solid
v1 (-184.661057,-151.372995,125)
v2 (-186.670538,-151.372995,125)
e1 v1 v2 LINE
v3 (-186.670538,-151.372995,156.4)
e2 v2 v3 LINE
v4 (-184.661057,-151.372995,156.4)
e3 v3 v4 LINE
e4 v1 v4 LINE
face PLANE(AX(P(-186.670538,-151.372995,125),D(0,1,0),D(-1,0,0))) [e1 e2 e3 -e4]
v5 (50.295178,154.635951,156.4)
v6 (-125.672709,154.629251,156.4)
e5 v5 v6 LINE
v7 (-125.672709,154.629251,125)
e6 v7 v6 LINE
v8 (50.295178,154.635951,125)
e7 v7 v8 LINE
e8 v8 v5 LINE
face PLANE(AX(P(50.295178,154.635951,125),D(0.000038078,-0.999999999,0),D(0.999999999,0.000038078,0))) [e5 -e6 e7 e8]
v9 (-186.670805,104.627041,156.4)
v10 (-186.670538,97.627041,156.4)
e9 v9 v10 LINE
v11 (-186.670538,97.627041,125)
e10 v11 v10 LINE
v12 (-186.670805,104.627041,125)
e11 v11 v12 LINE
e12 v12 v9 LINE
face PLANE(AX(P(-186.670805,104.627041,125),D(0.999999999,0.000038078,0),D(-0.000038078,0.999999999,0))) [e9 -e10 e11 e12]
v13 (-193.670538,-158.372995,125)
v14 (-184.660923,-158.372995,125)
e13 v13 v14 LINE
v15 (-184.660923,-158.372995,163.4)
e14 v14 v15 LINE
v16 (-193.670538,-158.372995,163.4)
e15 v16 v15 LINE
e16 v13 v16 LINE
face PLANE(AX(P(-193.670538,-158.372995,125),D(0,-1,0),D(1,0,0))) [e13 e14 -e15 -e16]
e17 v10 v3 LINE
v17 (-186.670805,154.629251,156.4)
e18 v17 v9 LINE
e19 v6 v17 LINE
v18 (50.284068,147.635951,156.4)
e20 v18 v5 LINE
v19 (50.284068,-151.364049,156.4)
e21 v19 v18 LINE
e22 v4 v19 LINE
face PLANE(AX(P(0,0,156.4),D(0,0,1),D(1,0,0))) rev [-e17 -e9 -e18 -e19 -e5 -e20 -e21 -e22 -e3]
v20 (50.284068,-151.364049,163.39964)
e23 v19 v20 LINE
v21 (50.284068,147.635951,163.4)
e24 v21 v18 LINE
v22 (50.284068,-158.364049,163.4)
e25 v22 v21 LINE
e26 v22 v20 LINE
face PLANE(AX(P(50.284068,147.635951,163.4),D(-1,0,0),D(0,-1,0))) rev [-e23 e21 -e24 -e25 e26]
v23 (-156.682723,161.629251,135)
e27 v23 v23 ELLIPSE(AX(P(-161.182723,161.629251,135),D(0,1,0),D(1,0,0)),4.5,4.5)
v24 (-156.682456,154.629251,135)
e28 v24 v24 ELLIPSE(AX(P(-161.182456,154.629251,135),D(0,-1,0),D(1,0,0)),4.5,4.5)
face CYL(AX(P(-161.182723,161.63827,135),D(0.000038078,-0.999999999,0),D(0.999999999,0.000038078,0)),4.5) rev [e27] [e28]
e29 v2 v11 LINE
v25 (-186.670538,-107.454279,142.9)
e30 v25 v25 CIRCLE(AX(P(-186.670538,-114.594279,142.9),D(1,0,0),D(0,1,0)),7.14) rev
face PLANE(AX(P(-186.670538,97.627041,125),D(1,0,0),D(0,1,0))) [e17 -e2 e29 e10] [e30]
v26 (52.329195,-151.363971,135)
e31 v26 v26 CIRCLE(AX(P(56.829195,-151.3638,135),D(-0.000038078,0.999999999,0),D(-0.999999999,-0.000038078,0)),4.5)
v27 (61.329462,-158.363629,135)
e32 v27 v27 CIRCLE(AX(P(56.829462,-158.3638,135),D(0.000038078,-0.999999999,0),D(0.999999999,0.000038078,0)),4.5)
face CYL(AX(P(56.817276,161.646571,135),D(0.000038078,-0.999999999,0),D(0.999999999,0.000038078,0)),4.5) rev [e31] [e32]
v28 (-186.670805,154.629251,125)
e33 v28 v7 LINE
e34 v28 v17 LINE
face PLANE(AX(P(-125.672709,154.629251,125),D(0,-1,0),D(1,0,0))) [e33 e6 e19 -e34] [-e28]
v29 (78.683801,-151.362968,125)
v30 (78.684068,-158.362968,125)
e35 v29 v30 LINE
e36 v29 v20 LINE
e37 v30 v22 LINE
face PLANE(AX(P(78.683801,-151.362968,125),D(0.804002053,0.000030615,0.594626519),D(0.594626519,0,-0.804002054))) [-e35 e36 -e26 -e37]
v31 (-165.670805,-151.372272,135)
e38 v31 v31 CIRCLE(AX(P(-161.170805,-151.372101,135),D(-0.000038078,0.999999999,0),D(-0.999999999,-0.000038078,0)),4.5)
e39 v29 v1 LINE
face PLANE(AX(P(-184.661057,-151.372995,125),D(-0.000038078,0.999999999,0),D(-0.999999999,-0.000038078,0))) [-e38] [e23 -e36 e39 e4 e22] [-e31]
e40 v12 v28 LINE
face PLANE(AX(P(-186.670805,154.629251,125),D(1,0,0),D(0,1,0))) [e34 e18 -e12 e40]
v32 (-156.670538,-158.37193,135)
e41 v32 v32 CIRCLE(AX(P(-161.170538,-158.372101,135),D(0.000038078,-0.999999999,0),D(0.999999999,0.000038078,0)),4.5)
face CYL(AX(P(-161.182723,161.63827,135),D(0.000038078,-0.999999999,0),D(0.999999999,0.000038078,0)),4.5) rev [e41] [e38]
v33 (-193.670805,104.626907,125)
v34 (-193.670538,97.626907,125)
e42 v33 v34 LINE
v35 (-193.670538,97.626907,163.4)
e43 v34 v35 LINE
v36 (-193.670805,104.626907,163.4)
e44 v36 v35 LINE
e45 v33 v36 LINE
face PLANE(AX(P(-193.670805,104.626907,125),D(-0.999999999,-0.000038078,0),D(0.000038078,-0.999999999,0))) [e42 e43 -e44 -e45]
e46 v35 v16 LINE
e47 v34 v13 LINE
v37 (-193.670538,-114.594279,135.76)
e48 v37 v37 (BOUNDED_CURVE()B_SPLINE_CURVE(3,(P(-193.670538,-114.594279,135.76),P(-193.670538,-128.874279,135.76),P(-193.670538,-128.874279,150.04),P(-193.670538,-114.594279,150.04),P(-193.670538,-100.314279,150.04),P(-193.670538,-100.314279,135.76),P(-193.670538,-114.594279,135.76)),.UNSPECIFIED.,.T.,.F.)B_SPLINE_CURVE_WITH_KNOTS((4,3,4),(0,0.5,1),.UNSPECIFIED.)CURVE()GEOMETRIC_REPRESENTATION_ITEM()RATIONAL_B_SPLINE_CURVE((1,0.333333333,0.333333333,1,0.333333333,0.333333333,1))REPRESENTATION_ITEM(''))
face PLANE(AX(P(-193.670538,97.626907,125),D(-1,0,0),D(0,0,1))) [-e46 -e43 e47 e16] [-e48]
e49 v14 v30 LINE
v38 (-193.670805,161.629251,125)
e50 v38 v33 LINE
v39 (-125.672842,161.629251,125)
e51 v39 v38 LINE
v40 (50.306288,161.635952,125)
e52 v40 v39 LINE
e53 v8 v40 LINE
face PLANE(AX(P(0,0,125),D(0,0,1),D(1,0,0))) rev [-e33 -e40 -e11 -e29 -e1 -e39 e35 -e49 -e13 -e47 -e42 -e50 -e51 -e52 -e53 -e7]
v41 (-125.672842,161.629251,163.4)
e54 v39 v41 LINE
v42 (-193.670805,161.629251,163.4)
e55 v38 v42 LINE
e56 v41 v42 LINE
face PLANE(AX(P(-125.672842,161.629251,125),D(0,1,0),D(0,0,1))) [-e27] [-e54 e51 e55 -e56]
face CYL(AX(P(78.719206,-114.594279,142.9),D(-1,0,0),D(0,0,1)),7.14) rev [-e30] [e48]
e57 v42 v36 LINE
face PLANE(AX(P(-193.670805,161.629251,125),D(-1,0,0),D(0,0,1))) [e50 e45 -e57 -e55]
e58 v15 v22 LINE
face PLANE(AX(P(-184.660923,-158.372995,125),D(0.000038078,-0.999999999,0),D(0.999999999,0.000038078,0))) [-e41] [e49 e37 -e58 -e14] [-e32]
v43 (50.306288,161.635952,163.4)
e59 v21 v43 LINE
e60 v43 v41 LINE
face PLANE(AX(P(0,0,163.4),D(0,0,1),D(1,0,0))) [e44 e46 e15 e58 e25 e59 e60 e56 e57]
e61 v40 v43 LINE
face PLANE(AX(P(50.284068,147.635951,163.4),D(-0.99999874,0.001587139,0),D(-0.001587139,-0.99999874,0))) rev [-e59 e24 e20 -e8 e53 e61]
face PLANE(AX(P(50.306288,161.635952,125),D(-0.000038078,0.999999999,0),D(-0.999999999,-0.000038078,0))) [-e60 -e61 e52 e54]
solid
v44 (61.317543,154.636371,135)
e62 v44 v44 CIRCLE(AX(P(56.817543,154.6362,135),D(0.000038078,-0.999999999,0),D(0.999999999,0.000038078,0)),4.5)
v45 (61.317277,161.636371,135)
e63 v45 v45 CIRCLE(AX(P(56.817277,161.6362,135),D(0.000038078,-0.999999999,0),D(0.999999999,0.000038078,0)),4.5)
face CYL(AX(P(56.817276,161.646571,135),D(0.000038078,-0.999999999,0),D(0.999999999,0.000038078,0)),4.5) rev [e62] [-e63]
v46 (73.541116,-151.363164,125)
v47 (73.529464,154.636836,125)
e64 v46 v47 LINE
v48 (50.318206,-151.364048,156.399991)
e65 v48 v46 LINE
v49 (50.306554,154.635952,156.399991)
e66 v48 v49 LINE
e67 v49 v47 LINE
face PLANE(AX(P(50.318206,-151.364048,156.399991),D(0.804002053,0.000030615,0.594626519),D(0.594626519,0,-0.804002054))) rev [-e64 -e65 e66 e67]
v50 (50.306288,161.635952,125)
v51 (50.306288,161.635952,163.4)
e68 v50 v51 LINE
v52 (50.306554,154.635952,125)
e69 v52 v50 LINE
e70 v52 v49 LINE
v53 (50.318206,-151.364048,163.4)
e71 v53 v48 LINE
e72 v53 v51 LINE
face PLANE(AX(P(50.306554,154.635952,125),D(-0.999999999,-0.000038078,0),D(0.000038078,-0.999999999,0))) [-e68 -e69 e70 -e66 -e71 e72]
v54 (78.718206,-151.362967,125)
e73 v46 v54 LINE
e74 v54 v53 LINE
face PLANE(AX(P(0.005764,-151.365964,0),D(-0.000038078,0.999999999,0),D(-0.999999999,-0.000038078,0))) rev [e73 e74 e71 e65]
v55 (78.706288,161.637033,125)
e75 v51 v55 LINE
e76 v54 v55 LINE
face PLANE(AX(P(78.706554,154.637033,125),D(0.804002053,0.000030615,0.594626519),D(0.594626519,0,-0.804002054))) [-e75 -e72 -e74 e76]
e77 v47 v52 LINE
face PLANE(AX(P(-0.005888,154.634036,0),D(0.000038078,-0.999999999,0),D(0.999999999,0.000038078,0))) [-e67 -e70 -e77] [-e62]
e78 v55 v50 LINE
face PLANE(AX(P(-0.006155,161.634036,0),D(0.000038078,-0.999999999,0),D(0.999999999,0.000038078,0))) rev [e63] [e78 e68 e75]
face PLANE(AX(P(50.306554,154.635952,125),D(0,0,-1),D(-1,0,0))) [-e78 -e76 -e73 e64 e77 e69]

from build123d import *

# Parameters (mm, degrees)
BOSS_EXTRUDE1_DEPTH  = 7
BOSS_EXTRUDE2_DEPTH  = 38.4
BOSS_EXTRUDE3_DEPTH  = 7
BOSS_EXTRUDE4_DEPTH  = 7
BOSS_EXTRUDE13_DEPTH = 306
CUT_EXTRUDE1_DEPTH   = 7
SKETCH7_R            = 4.5
CUT_EXTRUDE2_DEPTH   = 321.010371483


with BuildPart() as part:
    # Sketch1 → Boss-Extrude1 (new body)
    with BuildSketch(Plane.XY.offset(156.4)):
        Polygon((-125.672708569, 154.629250989), (48.327291305, 154.635876502), (50.295177711, 154.635951434), (50.284067725, 147.635951006), (50.284067725, -151.364049211), (-184.661056762, -151.372995372), (-186.670538102, -151.372995372), (-186.670538102, 97.627040708), (-186.670804646, 104.627040714), (-186.670804646, 154.629250989), align=None)
    extrude(amount=BOSS_EXTRUDE1_DEPTH)

    # Sketch2 → Boss-Extrude2 (add)
    with BuildSketch(Plane.XY.offset(163.4)):
        Polygon((-125.67284184, 161.629250989), (-193.670804646, 161.629250989), (-193.670804646, 104.626907443), (-193.670538102, 97.626907437), (-193.670538102, -158.372995372), (-184.660923425, -158.372995372), (50.284067725, -158.364049216), (50.284067725, -151.364049211), (-184.661056762, -151.372995372), (-186.670538102, -151.372995372), (-186.670538102, 97.627040708), (-186.670804646, 104.627040714), (-186.670804646, 154.629250989), (-125.672708569, 154.629250989), (50.295177711, 154.635951434), (50.306287696, 161.635951862), align=None)
    extrude(amount=-BOSS_EXTRUDE2_DEPTH)

    # Sketch4 → Boss-Extrude4 (add)
    with BuildSketch(Plane(origin=(0.006030205, -158.365963686, 0), x_dir=(0.999999999, 3.8078e-05, 0), z_dir=(3.8078e-05, -0.999999999, 0))):
        Polygon((50.278037556, 125), (50.278037556, 163.4), (78.678037556, 125), align=None)
    extrude(amount=-BOSS_EXTRUDE4_DEPTH)

    # Sketch6 → Cut-Extrude1 (cut)
    with BuildSketch(Plane.ZY.offset(193.670538102)):
        with BuildLine():
            add(Edge.make_bspline(
                [(135.76, -114.594279246), (135.76, -128.874279236), (150.04, -128.874279236), (150.04, -114.594279246), (150.04, -100.314279257), (135.76, -100.314279257), (135.76, -114.594279246)],
                knots=[0, 0, 0, 0, 0.5, 0.5, 0.5, 1, 1, 1, 1], degree=3, weights=[1, 0.333333333, 0.333333333, 1, 0.333333333, 0.333333333, 1]))
        make_face()
    extrude(amount=-CUT_EXTRUDE1_DEPTH, mode=Mode.SUBTRACT)


with BuildPart() as body_2:
    # Sketch3 → Boss-Extrude3 (new body)
    with BuildSketch(Plane(origin=(-0.006154646, 161.634036082, 0), x_dir=(0.999999999, 3.8078e-05, 0), z_dir=(-3.8078e-05, 0.999999999, 0))):
        Polygon((50.312442379, -125), (50.312442379, -163.4), (78.712442379, -125), align=None)
    extrude(amount=-BOSS_EXTRUDE3_DEPTH)

    # Sketch5 → Boss-Extrude13 (add)
    with BuildSketch(Plane(origin=(-0.005888102, 154.634036087, 0), x_dir=(0.999999999, 3.8078e-05, 0), z_dir=(3.8078e-05, -0.999999999, 0))):
        Polygon((50.312442379, 163.4), (78.712442379, 125), (73.535352208, 125), (50.312442379, 156.399990755), align=None)
    extrude(amount=BOSS_EXTRUDE13_DEPTH)


with BuildPart() as cut_extrude2_tool:
    # Sketch7 → Cut-Extrude2 (new body, through all)
    with BuildSketch(Plane(origin=(0.006030205, -158.365963686, 0), x_dir=(0.999999999, 3.8078e-05, 0), z_dir=(3.8078e-05, -0.999999999, 0))):
        with Locations((-161.176568435, 135)):
            Circle(SKETCH7_R)
        with Locations((56.823431565, 135)):
            Circle(SKETCH7_R)
    extrude(amount=-CUT_EXTRUDE2_DEPTH)


with BuildPart() as part_1:
    add(part.part)

    # Cut-Extrude2: cut by cut_extrude2_tool
    add(cut_extrude2_tool.part, mode=Mode.SUBTRACT)


with BuildPart() as body_2_1:
    add(body_2.part)

    # Cut-Extrude2: cut by cut_extrude2_tool
    add(cut_extrude2_tool.part, mode=Mode.SUBTRACT)


solid = Compound([part_1.part, body_2_1.part])
